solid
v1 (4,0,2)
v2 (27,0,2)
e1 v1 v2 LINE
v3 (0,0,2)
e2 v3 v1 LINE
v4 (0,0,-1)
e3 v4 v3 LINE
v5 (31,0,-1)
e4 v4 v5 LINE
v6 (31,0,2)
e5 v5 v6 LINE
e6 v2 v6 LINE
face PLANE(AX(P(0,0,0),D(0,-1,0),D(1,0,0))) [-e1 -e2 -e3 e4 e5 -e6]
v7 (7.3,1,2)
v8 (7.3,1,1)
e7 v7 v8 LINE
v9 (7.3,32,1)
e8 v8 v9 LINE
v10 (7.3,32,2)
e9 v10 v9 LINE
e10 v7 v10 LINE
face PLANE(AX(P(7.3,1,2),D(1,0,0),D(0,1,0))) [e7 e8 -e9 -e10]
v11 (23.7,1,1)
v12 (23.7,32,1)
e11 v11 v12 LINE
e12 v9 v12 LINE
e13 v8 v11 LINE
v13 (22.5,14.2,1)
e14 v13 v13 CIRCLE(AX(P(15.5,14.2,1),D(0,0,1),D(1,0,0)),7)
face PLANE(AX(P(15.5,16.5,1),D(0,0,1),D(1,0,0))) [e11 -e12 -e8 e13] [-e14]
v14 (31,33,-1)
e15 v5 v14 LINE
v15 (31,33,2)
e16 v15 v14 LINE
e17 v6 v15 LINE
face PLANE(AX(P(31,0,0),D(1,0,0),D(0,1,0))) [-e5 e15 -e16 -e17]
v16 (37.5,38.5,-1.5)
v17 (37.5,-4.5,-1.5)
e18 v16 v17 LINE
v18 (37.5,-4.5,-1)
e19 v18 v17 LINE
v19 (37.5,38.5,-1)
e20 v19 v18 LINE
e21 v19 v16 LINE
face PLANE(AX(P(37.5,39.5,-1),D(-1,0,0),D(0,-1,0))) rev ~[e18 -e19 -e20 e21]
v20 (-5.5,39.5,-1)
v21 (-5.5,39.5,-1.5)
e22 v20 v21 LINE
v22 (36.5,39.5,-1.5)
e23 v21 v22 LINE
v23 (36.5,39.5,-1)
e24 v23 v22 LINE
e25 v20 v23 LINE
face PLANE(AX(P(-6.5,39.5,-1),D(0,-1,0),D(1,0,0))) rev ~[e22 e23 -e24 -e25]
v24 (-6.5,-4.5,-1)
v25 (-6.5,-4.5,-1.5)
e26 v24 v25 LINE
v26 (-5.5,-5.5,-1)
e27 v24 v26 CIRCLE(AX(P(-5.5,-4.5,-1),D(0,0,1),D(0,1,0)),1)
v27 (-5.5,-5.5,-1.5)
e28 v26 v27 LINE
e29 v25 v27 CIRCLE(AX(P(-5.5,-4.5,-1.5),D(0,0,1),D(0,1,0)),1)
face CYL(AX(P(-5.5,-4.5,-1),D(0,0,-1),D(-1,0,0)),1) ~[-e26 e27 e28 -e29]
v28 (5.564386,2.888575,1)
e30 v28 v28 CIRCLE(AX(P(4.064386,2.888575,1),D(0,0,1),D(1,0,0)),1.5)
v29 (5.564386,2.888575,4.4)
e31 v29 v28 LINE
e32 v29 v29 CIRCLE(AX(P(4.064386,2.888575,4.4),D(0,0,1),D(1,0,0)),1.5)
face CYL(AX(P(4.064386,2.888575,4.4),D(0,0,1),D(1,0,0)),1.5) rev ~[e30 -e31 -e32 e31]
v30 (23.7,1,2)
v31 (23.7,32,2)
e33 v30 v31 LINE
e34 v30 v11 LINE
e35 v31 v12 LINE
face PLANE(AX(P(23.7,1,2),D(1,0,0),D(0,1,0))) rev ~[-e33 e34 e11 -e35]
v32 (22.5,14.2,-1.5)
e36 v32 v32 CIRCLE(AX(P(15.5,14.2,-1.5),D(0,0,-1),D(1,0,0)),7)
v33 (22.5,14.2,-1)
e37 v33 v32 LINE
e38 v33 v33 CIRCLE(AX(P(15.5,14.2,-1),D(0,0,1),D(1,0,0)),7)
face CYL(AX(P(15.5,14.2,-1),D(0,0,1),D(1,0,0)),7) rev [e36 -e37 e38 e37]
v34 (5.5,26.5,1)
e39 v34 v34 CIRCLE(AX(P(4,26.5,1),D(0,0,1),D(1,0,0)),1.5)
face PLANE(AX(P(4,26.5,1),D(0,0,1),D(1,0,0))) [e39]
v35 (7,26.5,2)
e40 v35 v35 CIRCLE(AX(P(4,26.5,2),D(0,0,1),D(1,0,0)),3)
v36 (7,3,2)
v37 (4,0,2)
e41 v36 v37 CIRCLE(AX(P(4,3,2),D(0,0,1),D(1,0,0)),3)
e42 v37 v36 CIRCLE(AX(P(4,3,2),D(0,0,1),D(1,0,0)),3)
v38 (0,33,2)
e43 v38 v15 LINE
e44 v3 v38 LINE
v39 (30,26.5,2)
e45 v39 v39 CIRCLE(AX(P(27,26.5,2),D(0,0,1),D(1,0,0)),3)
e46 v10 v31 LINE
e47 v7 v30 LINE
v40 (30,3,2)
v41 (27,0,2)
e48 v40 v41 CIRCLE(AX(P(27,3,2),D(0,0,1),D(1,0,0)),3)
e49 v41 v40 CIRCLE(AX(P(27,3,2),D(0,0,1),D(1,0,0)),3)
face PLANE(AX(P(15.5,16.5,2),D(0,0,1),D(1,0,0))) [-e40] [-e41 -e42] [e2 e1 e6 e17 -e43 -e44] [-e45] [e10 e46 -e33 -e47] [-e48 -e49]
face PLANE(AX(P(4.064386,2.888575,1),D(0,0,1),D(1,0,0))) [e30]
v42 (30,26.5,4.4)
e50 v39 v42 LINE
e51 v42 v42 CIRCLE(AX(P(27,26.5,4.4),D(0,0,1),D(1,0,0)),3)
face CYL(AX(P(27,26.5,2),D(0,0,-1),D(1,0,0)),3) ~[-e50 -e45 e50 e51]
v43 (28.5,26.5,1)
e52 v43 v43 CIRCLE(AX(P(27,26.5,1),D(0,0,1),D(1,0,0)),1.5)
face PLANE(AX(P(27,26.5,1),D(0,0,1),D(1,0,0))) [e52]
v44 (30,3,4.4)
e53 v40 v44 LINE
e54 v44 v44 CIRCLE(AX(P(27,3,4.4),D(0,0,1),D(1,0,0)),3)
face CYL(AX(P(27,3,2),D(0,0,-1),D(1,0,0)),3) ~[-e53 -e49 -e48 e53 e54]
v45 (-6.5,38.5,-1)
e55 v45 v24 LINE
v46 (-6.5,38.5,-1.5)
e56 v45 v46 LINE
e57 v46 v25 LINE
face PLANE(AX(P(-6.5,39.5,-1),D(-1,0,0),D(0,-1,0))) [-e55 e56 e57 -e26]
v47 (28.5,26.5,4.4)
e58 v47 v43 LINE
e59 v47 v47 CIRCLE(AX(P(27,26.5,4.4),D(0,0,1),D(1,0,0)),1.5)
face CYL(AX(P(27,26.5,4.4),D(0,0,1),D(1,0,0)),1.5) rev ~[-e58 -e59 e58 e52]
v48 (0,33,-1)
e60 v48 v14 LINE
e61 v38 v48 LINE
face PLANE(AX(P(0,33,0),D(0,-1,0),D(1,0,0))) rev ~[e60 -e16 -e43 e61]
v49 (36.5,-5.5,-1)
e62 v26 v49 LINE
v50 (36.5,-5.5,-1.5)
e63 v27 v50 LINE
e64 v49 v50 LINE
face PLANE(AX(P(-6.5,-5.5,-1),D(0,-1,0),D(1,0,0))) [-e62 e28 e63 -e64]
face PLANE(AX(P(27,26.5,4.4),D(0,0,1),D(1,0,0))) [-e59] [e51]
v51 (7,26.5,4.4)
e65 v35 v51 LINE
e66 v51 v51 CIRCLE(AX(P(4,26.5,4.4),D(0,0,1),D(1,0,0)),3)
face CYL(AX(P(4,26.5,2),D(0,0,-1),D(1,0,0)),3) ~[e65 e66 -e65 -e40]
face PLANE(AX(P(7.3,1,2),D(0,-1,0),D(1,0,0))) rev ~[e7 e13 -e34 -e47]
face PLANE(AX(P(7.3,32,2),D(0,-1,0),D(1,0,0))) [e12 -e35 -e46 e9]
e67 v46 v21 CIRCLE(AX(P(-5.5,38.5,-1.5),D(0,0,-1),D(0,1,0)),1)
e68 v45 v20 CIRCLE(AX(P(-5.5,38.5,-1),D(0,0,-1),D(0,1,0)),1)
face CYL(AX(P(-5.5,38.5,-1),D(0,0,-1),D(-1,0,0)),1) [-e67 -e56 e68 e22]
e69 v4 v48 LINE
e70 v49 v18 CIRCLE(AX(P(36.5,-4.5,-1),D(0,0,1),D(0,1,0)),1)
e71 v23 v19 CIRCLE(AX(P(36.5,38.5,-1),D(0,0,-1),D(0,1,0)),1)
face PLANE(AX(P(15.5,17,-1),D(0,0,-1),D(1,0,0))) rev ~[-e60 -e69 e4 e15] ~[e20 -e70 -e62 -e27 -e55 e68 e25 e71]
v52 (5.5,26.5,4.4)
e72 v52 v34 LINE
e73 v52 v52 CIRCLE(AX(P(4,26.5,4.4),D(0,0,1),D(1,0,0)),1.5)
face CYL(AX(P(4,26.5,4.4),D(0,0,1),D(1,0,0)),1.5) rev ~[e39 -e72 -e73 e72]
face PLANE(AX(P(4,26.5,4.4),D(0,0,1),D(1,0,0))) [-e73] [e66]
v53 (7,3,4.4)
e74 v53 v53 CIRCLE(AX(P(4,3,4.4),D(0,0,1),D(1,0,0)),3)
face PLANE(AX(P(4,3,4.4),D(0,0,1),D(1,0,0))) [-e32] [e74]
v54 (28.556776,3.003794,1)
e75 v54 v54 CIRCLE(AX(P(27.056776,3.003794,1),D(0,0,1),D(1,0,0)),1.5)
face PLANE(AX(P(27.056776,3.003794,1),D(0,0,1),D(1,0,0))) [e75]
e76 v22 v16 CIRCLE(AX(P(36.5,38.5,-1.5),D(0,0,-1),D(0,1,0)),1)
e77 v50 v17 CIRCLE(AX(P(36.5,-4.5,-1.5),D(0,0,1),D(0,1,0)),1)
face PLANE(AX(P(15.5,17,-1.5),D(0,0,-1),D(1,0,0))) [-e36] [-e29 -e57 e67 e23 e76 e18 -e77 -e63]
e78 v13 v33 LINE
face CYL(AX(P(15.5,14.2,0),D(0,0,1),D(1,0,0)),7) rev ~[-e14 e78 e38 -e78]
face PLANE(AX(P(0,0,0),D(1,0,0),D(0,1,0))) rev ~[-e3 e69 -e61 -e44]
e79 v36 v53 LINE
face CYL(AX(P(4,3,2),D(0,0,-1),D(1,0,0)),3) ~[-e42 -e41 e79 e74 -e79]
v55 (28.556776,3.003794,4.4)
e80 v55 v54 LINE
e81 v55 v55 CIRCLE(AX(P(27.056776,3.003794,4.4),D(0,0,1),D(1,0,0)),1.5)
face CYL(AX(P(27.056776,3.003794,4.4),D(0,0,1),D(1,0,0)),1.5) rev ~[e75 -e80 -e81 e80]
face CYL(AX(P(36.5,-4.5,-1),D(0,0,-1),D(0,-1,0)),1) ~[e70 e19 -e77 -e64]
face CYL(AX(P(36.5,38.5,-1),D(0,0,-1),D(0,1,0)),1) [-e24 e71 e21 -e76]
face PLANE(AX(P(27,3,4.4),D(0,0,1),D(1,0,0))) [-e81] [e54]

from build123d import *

# Parameters (mm, degrees)
F0_W      = 31
F0_H      = 33
F1_DEPTH  = 2
F2_R      = 3
F3_DEPTH  = 2.4
F4_W      = 16.4
F4_H      = 31
F5_DEPTH  = 1
F6_R      = 1.5
F7_DEPTH  = 3.4
F8_R      = 1.5
F9_DEPTH  = 3.4
F10_R     = 7
F11_DEPTH = 25
F12_DEPTH = 1
F13_W     = 44
F13_H     = 45
F13_W_2   = 31
F13_H_2   = 33
F13_R     = 7
F14_DEPTH = 0.5
F15_R     = 1


with BuildPart() as f1:
    # F0 (on Top) → F1 (new body)
    with BuildSketch(Plane.XY):
        with Locations((15.5, 16.5)):
            Rectangle(F0_W, F0_H)
    extrude(amount=F1_DEPTH)

    # F2 (on face) → F3 (join)
    with BuildSketch(Plane.XY.offset(2)):
        with Locations((4, 3)):
            Circle(F2_R)
        with Locations((4, 26.5)):
            Circle(F2_R)
        with Locations((27, 26.5)):
            Circle(F2_R)
        with Locations((27, 3)):
            Circle(F2_R)
    extrude(amount=F3_DEPTH)

    # F4 (on face) → F5 (cut)
    with BuildSketch(Plane.XY.offset(2)):
        with Locations((15.5, 16.5)):
            Rectangle(F4_W, F4_H)
    extrude(amount=-F5_DEPTH, mode=Mode.SUBTRACT)

    # F6 (on face) → F7 (cut)
    with BuildSketch(Plane.XY.offset(4.4)):
        with Locations((27, 26.5)):
            Circle(F6_R)
    extrude(amount=-F7_DEPTH, mode=Mode.SUBTRACT)

    # F8 (on face) → F9 (cut)
    with BuildSketch(Plane.XY.offset(4.4)):
        with Locations((4, 26.5)):
            Circle(F8_R)
        with Locations((4.0643862449, 2.8885749634)):
            Circle(F8_R)
        with Locations((27.0567759871, 3.0037942342)):
            Circle(F8_R)
    extrude(amount=-F9_DEPTH, mode=Mode.SUBTRACT)

    # F10 (on face) → F11 (cut)
    with BuildSketch(Plane.XY.offset(1)):
        with Locations((15.5, 14.2)):
            Circle(F10_R)
    extrude(amount=-F11_DEPTH, mode=Mode.SUBTRACT)

    # F12 (add): a face of the model
    f12_faces = [f1.faces().sort_by_distance(p)[0] for p in [
        (0.4527692569, 16.5, 0),
    ]]
    extrude(f12_faces, amount=F12_DEPTH)

    # F13 (on face) → F14 (join)
    with BuildSketch(Plane(origin=(0, 0, -1), x_dir=(1, 0, 0), z_dir=(0, 0, -1))):
        with Locations((15.5, -17)):
            Rectangle(F13_W, F13_H)
        with Locations((15.5, -16.5)):
            Rectangle(F13_W_2, F13_H_2, mode=Mode.SUBTRACT)
        with Locations((15.5, -16.5)):
            Rectangle(F13_W_2, F13_H_2)
        with Locations((15.5, -14.2)):
            Circle(F13_R, mode=Mode.SUBTRACT)
    extrude(amount=F14_DEPTH)

    # F15
    f15_edges = [f1.edges().sort_by_distance(p)[0] for p in [
        (-6.5, -5.5, -1.25),
        (37.5, -5.5, -1.25),
        (37.5, 39.5, -1.25),
        (-6.5, 39.5, -1.25),
    ]]
    fillet(f15_edges, radius=F15_R)


solid = f1.part
